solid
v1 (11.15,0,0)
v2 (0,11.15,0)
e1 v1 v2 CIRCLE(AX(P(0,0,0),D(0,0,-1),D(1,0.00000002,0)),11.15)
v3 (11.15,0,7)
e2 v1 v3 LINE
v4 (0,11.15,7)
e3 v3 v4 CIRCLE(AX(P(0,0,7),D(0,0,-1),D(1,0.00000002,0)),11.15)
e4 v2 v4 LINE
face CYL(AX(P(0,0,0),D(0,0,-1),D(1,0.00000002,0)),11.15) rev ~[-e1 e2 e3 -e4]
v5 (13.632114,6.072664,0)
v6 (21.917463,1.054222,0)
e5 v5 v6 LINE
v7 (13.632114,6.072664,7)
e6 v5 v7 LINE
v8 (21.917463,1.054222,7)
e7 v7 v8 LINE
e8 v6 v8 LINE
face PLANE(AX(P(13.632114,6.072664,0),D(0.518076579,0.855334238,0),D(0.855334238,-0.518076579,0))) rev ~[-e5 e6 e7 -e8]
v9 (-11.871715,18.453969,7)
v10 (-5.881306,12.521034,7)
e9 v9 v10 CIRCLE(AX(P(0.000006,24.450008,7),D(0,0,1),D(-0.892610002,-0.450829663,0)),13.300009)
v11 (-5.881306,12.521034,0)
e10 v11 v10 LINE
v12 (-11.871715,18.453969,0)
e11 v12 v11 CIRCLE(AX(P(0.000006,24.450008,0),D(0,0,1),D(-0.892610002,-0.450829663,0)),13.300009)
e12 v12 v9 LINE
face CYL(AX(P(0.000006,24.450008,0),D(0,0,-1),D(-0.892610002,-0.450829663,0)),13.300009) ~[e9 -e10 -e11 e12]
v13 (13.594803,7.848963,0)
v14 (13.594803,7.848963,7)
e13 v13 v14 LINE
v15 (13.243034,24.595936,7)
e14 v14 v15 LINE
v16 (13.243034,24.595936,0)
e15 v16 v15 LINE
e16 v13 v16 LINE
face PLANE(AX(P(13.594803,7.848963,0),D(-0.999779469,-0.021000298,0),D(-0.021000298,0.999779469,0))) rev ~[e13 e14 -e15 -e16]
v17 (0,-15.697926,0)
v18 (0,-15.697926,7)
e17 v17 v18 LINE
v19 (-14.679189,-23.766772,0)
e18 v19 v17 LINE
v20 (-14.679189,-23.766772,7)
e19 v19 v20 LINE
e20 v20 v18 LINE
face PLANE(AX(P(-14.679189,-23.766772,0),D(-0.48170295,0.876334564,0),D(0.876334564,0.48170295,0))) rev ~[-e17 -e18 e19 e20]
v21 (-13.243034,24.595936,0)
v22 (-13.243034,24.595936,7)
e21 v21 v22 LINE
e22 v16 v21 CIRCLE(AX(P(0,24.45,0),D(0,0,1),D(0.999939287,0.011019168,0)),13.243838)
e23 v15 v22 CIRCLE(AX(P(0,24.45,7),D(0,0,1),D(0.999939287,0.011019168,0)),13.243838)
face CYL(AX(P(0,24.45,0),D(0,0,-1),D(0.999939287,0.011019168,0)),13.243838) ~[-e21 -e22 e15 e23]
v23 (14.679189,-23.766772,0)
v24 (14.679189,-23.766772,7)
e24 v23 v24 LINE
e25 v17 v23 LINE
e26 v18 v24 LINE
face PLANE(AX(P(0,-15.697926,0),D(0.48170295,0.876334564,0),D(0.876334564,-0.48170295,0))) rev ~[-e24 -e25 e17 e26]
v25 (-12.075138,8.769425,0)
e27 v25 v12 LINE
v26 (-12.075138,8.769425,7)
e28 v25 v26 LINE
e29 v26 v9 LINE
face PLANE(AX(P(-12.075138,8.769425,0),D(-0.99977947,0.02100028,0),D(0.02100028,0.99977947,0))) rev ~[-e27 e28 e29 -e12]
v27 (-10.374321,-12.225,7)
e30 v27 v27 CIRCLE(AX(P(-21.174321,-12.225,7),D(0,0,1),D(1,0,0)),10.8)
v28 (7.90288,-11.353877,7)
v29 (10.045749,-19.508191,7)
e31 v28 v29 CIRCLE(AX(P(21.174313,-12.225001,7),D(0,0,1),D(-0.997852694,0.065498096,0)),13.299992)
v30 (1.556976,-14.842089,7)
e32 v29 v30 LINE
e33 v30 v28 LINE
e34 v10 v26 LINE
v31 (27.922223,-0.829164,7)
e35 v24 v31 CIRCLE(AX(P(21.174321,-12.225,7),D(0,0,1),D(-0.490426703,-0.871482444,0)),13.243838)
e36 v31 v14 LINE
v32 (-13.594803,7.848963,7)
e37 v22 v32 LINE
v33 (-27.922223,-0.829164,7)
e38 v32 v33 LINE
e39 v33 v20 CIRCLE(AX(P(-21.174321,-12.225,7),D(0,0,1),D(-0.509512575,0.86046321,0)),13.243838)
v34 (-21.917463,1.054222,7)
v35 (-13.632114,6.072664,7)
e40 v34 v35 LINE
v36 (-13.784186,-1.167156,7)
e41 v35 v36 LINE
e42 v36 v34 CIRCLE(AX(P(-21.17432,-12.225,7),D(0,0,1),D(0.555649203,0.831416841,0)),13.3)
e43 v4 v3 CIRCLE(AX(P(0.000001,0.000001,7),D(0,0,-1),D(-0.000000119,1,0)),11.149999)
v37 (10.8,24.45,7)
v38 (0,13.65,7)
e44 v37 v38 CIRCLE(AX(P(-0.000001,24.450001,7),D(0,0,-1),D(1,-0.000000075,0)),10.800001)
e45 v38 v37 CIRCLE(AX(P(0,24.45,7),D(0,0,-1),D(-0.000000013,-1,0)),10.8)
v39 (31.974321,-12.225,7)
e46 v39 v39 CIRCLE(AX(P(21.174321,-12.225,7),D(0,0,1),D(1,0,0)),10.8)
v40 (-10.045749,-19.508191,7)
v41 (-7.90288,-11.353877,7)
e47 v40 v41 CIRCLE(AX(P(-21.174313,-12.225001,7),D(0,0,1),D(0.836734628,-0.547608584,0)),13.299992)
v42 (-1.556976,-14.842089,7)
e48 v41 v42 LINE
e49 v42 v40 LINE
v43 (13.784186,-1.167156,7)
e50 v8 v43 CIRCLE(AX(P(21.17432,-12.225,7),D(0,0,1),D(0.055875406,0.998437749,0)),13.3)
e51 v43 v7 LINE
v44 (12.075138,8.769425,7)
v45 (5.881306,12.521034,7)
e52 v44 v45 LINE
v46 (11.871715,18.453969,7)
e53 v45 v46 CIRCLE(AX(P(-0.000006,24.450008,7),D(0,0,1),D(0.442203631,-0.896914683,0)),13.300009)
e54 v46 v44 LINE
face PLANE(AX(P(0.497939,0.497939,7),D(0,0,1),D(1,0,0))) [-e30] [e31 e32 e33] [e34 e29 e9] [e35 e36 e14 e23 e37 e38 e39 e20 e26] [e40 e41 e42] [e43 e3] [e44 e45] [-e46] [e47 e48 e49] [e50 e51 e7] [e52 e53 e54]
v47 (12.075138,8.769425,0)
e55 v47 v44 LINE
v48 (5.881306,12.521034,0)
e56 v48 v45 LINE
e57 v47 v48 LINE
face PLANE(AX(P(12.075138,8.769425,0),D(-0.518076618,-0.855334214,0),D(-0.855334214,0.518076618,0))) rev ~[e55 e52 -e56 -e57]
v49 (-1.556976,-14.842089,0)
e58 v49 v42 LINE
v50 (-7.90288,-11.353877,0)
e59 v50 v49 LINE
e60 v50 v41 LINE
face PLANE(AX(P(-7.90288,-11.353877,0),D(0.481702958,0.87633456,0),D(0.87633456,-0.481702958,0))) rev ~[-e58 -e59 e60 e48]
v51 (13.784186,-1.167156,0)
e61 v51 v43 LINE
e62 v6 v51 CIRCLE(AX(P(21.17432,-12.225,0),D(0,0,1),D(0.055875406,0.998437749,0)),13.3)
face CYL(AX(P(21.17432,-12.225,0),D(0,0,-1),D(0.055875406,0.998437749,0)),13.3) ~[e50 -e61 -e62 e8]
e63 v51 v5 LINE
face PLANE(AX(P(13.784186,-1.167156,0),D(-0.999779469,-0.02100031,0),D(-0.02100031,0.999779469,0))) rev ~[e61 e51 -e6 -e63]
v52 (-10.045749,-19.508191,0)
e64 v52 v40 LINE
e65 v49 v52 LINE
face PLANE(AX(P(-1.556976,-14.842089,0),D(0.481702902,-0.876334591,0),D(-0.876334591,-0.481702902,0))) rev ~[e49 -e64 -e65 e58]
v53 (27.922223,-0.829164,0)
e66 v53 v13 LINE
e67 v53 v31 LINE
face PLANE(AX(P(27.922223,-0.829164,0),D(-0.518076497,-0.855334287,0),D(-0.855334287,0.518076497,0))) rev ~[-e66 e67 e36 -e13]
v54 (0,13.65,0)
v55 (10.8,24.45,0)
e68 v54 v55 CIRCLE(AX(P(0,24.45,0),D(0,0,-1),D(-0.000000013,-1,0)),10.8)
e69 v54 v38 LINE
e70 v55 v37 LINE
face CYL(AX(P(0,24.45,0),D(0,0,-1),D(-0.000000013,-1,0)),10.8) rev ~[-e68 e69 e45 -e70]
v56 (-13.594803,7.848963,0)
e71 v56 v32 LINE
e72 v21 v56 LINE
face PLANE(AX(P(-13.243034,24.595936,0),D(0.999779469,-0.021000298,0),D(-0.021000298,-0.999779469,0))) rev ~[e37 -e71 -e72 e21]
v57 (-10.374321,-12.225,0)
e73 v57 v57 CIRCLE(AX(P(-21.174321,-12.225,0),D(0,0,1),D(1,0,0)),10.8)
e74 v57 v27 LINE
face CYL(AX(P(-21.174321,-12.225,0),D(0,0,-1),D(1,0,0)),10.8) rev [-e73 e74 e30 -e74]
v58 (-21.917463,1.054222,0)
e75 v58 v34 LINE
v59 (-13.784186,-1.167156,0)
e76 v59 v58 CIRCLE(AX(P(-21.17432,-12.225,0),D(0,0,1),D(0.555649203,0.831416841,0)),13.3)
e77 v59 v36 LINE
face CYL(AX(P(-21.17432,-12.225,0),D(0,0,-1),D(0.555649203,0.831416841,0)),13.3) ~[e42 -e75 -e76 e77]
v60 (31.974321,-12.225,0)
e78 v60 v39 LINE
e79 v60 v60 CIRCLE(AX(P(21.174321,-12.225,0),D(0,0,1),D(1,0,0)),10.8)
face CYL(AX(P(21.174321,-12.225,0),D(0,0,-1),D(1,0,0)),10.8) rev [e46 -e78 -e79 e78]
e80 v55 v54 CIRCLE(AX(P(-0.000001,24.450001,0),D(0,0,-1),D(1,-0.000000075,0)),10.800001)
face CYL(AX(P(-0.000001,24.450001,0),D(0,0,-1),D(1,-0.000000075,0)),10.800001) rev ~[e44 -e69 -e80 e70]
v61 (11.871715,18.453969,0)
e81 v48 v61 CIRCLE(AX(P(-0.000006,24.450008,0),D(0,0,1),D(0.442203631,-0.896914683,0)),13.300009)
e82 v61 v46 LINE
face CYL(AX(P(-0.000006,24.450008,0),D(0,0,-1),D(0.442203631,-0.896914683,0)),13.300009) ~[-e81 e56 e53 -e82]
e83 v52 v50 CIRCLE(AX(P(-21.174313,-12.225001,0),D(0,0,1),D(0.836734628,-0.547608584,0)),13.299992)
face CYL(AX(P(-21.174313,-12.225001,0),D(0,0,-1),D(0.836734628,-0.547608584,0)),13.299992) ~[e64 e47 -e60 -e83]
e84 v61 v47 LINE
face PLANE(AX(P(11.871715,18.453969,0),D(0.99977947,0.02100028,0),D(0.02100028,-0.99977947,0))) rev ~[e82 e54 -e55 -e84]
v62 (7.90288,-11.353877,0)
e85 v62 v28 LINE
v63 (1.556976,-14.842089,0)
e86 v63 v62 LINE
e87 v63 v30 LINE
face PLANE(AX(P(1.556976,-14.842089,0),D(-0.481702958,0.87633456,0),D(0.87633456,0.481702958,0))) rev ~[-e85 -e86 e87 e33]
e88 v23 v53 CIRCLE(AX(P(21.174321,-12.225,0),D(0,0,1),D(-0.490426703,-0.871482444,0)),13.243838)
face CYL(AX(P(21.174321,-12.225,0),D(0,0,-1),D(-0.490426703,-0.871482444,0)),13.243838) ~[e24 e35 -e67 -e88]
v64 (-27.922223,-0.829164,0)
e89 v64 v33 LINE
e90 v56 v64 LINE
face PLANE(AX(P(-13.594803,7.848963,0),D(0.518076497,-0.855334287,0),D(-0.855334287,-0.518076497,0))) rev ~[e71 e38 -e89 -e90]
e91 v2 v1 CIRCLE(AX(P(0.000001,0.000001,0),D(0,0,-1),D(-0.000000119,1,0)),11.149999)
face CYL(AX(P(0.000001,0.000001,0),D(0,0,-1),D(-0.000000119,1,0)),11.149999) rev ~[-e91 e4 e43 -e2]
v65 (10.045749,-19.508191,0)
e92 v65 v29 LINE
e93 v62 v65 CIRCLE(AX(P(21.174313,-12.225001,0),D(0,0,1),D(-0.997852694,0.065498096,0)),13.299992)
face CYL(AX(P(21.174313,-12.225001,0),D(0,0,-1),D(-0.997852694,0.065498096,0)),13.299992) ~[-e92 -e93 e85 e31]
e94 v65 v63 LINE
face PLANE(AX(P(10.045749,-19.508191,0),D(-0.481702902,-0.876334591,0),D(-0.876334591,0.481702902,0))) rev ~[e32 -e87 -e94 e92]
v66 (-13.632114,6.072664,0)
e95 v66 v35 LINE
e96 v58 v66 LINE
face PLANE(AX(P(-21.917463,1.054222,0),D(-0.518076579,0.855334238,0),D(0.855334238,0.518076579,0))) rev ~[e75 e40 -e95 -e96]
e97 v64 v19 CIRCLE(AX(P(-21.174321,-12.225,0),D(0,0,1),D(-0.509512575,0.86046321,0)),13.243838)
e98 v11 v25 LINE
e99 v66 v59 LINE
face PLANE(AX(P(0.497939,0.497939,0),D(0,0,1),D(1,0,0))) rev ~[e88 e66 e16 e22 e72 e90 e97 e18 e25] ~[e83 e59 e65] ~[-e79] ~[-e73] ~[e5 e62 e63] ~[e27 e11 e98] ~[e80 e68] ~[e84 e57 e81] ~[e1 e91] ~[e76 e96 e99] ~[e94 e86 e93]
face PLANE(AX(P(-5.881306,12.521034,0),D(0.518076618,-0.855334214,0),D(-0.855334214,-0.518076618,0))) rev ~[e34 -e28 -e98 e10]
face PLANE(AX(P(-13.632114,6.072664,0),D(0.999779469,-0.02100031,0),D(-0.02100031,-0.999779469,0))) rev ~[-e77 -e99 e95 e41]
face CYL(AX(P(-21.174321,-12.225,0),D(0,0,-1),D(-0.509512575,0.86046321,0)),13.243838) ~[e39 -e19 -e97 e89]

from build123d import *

# Parameters (mm, degrees)
F0_R     = 10.8
F1_DEPTH = 7


with BuildPart() as f1:
    # F0 (on Top) → F1 (new body)
    with BuildSketch(Plane.XY):
        with BuildLine():
            ThreePointArc((0, 11.15), (-7.884241, -7.884241), (11.15, 0))
            ThreePointArc((11.15, 0), (7.884241, 7.884241), (0, 11.15))
        make_face()
        with BuildLine():
            ThreePointArc((10.8, 24.45), (-7.636753, 32.086753), (0, 13.65))
            ThreePointArc((0, 13.65), (7.636753, 16.813247), (10.8, 24.45))
        make_face()
        with BuildLine():
            Line((13.594803, 7.848963), (13.243034, 24.595936))
            ThreePointArc((13.243034, 24.595936), (0, 37.693838), (-13.243034, 24.595936))
            Line((-13.243034, 24.595936), (-13.594803, 7.848963))
            Line((-13.594803, 7.848963), (-27.922223, -0.829164))
            ThreePointArc((-27.922223, -0.829164), (-32.643821, -18.846919), (-14.679189, -23.766772))
            Line((-14.679189, -23.766772), (0, -15.697926))
            Line((0, -15.697926), (14.679189, -23.766772))
            ThreePointArc((14.679189, -23.766772), (32.643821, -18.846919), (27.922223, -0.829164))
            Line((27.922223, -0.829164), (13.594803, 7.848963))
        make_face()
        with Locations((-21.174321, -12.225)):
            Circle(F0_R, mode=Mode.SUBTRACT)
        with BuildLine():
            Line((-1.556976, -14.842089), (-10.045749, -19.508191))
            ThreePointArc((-10.045749, -19.508191), (-8.311064, -15.605329), (-7.90288, -11.353877))
            Line((-7.90288, -11.353877), (-1.556976, -14.842089))
        make_face(mode=Mode.SUBTRACT)
        with BuildLine():
            ThreePointArc((-13.784186, -1.167156), (-17.670144, 0.605072), (-21.917463, 1.054222))
            Line((-21.917463, 1.054222), (-13.632114, 6.072664))
            Line((-13.632114, 6.072664), (-13.784186, -1.167156))
        make_face(mode=Mode.SUBTRACT)
        with BuildLine():
            ThreePointArc((7.90288, -11.353877), (8.311064, -15.605329), (10.045749, -19.508191))
            Line((10.045749, -19.508191), (1.556976, -14.842089))
            Line((1.556976, -14.842089), (7.90288, -11.353877))
        make_face(mode=Mode.SUBTRACT)
        with Locations((21.174321, -12.225)):
            Circle(F0_R, mode=Mode.SUBTRACT)
        with BuildLine():
            ThreePointArc((0, 11.15), (7.884241, 7.884241), (11.15, 0))
            ThreePointArc((11.15, 0), (-7.884241, -7.884241), (0, 11.15))
        make_face(mode=Mode.SUBTRACT)
        with BuildLine():
            Line((13.632114, 6.072664), (21.917463, 1.054222))
            ThreePointArc((21.917463, 1.054222), (17.670144, 0.605072), (13.784186, -1.167156))
            Line((13.784186, -1.167156), (13.632114, 6.072664))
        make_face(mode=Mode.SUBTRACT)
        with BuildLine():
            Line((-12.075138, 8.769425), (-11.871715, 18.453969))
            ThreePointArc((-11.871715, 18.453969), (-9.359079, 15.000258), (-5.881306, 12.521034))
            Line((-5.881306, 12.521034), (-12.075138, 8.769425))
        make_face(mode=Mode.SUBTRACT)
        with BuildLine():
            ThreePointArc((5.881306, 12.521034), (9.359079, 15.000258), (11.871715, 18.453969))
            Line((11.871715, 18.453969), (12.075138, 8.769425))
            Line((12.075138, 8.769425), (5.881306, 12.521034))
        make_face(mode=Mode.SUBTRACT)
        with BuildLine():
            ThreePointArc((10.8, 24.45), (7.636753, 16.813247), (0, 13.65))
            ThreePointArc((0, 13.65), (-7.636753, 32.086753), (10.8, 24.45))
        make_face(mode=Mode.SUBTRACT)
    extrude(amount=F1_DEPTH)


solid = f1.part
